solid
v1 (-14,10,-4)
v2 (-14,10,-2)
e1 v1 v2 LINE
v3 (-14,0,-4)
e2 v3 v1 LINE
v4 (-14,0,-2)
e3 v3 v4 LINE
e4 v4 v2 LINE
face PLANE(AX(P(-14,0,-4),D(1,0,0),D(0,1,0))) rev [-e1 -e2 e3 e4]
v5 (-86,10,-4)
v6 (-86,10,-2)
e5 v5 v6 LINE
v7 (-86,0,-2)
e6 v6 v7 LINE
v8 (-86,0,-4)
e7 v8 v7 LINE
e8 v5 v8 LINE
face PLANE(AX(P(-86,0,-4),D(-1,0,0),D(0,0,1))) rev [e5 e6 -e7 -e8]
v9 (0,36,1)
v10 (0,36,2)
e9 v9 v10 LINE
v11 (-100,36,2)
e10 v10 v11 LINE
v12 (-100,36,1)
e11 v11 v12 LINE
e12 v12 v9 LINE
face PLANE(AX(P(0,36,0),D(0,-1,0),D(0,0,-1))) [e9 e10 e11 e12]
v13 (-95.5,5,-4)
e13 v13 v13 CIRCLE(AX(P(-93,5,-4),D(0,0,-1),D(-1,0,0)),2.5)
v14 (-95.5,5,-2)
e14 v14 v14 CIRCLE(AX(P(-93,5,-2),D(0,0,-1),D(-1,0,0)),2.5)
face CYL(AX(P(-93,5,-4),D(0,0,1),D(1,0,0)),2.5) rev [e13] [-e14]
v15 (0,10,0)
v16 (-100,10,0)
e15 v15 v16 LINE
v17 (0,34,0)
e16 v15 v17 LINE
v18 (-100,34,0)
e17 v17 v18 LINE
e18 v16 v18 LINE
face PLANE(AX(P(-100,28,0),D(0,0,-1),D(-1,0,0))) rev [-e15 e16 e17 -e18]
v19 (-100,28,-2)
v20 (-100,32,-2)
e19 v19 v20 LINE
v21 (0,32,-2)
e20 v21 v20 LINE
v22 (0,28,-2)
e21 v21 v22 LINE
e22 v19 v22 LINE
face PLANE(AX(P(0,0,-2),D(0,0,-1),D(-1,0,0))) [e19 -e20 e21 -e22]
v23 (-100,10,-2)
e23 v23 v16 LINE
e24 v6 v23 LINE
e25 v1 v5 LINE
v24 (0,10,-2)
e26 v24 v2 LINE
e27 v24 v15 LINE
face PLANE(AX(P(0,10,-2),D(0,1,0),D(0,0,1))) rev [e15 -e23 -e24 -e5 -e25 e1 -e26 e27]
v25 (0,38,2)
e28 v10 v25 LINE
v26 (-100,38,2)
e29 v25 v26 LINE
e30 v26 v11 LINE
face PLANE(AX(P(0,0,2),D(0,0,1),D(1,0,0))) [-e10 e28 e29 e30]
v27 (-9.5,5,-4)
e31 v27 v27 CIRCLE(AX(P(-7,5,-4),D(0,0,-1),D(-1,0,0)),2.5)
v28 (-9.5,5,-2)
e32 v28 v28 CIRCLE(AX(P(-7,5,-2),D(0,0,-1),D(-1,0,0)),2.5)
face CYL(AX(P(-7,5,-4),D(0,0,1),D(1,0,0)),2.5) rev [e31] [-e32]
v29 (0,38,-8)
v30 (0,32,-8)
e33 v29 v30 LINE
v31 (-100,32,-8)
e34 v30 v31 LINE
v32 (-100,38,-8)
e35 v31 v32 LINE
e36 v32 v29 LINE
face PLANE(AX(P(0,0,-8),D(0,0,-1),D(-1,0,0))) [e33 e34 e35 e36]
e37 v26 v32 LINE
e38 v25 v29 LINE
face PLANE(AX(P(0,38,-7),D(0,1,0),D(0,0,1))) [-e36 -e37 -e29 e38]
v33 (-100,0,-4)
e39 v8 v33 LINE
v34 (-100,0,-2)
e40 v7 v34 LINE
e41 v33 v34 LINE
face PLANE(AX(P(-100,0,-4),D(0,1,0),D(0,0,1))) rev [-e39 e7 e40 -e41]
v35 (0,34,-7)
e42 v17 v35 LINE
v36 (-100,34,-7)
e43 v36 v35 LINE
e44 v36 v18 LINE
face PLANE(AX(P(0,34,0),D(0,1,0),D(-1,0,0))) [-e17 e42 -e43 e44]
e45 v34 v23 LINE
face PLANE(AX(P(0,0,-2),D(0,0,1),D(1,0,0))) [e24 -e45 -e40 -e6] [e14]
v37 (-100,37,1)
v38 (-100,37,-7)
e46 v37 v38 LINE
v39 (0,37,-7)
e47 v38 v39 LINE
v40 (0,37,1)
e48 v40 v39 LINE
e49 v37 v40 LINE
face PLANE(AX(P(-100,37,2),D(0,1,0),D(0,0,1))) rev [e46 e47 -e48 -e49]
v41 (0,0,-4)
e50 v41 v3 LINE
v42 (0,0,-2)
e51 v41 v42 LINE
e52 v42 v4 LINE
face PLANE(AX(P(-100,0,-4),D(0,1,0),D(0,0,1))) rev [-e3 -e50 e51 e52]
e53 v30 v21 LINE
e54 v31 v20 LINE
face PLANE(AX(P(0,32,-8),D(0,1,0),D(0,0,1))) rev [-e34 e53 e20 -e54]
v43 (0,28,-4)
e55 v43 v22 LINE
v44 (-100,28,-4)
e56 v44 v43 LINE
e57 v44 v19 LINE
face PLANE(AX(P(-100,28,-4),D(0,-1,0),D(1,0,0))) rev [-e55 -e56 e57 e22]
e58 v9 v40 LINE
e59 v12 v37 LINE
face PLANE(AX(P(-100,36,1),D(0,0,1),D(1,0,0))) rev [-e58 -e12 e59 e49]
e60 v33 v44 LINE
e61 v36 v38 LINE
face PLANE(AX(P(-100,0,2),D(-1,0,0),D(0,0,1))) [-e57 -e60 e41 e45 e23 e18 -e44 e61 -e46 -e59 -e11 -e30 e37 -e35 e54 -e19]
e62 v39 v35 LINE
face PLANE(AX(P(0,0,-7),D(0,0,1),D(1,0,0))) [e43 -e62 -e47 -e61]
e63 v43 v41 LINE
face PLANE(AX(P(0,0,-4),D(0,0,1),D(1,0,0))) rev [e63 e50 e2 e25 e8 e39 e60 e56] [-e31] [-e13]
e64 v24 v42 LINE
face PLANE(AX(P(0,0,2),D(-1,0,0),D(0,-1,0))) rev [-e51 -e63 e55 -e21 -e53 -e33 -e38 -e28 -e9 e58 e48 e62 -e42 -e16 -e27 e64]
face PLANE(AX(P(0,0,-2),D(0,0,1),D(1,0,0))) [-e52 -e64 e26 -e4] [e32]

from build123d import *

# Parameters (mm, degrees)
ESQUISSE1_W             = 100
ESQUISSE1_H             = 12
ESQUISSE1_R             = 2.5
BOSS_EXTRU_1_DEPTH      = 2
ESQUISSE2_W             = 100
ESQUISSE2_H             = 2
BOSS_EXTRU_2_DEPTH      = 2
ESQUISSE3_W             = 100
ESQUISSE3_H             = 4
BOSS_EXTRU_3_DEPTH      = 22
ESQUISSE4_W             = 100
ESQUISSE4_H             = 2
ENL_V_MAT_EXTRU_1_DEPTH = 6
ESQUISSE5_W             = 100
ESQUISSE5_H             = 2
BOSS_EXTRU_4_DEPTH      = 6
ESQUISSE6_W             = 100
ESQUISSE6_H             = 6
BOSS_EXTRU_5_DEPTH      = 1
ESQUISSE9_W             = 100
ESQUISSE9_H             = 1
BOSS_EXTRU_8_DEPTH      = 9
ESQUISSE10_W            = 100
ESQUISSE10_H            = 1
BOSS_EXTRU_9_DEPTH      = 1
ESQUISSE11_W            = 100
ESQUISSE11_H            = 28
ESQUISSE11_R            = 2.5
BOSS_EXTRU_10_DEPTH     = 2
ESQUISSE12_W            = 100
ESQUISSE12_H            = 28
ENL_V_MAT_EXTRU_2_DEPTH = 2
ESQUISSE13_W            = 72
ESQUISSE13_H            = 10
ENL_V_MAT_EXTRU_3_DEPTH = 2


with BuildPart() as part:
    # Esquisse1 → Boss.-Extru.1 (new body)
    with BuildSketch(Plane.XY):
        with Locations((-50, 6)):
            Rectangle(ESQUISSE1_W, ESQUISSE1_H)
        with Locations((-93, 5)):
            Circle(ESQUISSE1_R, mode=Mode.SUBTRACT)
        with Locations((-7, 5)):
            Circle(ESQUISSE1_R, mode=Mode.SUBTRACT)
    extrude(amount=BOSS_EXTRU_1_DEPTH)

    # Esquisse2 → Boss.-Extru.2 (add)
    with BuildSketch(Plane(origin=(0, 0, 0), x_dir=(-1, 0, 0), z_dir=(0, 0, -1))):
        with Locations((50, 11)):
            Rectangle(ESQUISSE2_W, ESQUISSE2_H)
    extrude(amount=BOSS_EXTRU_2_DEPTH)

    # Esquisse3 → Boss.-Extru.3 (add)
    with BuildSketch(Plane(origin=(0, 12, 0), x_dir=(1, 0, 0), z_dir=(0, 1, 0))):
        with Locations((-50, 0)):
            Rectangle(ESQUISSE3_W, ESQUISSE3_H)
    extrude(amount=BOSS_EXTRU_3_DEPTH)

    # Esquisse4 → Enlèv. mat.-Extru.1 (cut)
    with BuildSketch(Plane(origin=(0, 34, 0), x_dir=(1, 0, 0), z_dir=(0, 1, 0))):
        with Locations((-50, -1)):
            Rectangle(ESQUISSE4_W, ESQUISSE4_H)
    extrude(amount=-ENL_V_MAT_EXTRU_1_DEPTH, mode=Mode.SUBTRACT)

    # Esquisse5 → Boss.-Extru.4 (add)
    with BuildSketch(Plane(origin=(0, 0, -2), x_dir=(-1, 0, 0), z_dir=(0, 0, -1))):
        with Locations((50, 33)):
            Rectangle(ESQUISSE5_W, ESQUISSE5_H)
    extrude(amount=BOSS_EXTRU_4_DEPTH)

    # Esquisse6 → Boss.-Extru.5 (add)
    with BuildSketch(Plane(origin=(0, 0, -8), x_dir=(-1, 0, 0), z_dir=(0, 0, -1))):
        with Locations((50, 35)):
            Rectangle(ESQUISSE6_W, ESQUISSE6_H)
    extrude(amount=-BOSS_EXTRU_5_DEPTH)

    # Esquisse9 → Boss.-Extru.8 (add)
    with BuildSketch(Plane.XY.offset(-7)):
        with Locations((-50, 37.5)):
            Rectangle(ESQUISSE9_W, ESQUISSE9_H)
    extrude(amount=BOSS_EXTRU_8_DEPTH)

    # Esquisse10 → Boss.-Extru.9 (add)
    with BuildSketch(Plane.XZ.offset(-37)):
        with Locations((-50, 1.5)):
            Rectangle(ESQUISSE10_W, ESQUISSE10_H)
    extrude(amount=BOSS_EXTRU_9_DEPTH)

    # Esquisse11 → Boss.-Extru.10 (add)
    with BuildSketch(Plane(origin=(0, 0, -2), x_dir=(-1, 0, 0), z_dir=(0, 0, -1))):
        with Locations((50, 14)):
            Rectangle(ESQUISSE11_W, ESQUISSE11_H)
        with Locations((93, 5)):
            Circle(ESQUISSE11_R, mode=Mode.SUBTRACT)
        with Locations((7, 5)):
            Circle(ESQUISSE11_R, mode=Mode.SUBTRACT)
    extrude(amount=BOSS_EXTRU_10_DEPTH)

    # Esquisse12 → Enlèv. mat.-Extru.2 (cut)
    with BuildSketch(Plane.XY.offset(2)):
        with Locations((-50, 14)):
            Rectangle(ESQUISSE12_W, ESQUISSE12_H)
    extrude(amount=-ENL_V_MAT_EXTRU_2_DEPTH, mode=Mode.SUBTRACT)

    # Esquisse13 → Enlèv. mat.-Extru.3 (cut)
    with BuildSketch(Plane.XY.offset(-2)):
        with Locations((-50, 5)):
            Rectangle(ESQUISSE13_W, ESQUISSE13_H)
    extrude(amount=-ENL_V_MAT_EXTRU_3_DEPTH, mode=Mode.SUBTRACT)


solid = part.part
